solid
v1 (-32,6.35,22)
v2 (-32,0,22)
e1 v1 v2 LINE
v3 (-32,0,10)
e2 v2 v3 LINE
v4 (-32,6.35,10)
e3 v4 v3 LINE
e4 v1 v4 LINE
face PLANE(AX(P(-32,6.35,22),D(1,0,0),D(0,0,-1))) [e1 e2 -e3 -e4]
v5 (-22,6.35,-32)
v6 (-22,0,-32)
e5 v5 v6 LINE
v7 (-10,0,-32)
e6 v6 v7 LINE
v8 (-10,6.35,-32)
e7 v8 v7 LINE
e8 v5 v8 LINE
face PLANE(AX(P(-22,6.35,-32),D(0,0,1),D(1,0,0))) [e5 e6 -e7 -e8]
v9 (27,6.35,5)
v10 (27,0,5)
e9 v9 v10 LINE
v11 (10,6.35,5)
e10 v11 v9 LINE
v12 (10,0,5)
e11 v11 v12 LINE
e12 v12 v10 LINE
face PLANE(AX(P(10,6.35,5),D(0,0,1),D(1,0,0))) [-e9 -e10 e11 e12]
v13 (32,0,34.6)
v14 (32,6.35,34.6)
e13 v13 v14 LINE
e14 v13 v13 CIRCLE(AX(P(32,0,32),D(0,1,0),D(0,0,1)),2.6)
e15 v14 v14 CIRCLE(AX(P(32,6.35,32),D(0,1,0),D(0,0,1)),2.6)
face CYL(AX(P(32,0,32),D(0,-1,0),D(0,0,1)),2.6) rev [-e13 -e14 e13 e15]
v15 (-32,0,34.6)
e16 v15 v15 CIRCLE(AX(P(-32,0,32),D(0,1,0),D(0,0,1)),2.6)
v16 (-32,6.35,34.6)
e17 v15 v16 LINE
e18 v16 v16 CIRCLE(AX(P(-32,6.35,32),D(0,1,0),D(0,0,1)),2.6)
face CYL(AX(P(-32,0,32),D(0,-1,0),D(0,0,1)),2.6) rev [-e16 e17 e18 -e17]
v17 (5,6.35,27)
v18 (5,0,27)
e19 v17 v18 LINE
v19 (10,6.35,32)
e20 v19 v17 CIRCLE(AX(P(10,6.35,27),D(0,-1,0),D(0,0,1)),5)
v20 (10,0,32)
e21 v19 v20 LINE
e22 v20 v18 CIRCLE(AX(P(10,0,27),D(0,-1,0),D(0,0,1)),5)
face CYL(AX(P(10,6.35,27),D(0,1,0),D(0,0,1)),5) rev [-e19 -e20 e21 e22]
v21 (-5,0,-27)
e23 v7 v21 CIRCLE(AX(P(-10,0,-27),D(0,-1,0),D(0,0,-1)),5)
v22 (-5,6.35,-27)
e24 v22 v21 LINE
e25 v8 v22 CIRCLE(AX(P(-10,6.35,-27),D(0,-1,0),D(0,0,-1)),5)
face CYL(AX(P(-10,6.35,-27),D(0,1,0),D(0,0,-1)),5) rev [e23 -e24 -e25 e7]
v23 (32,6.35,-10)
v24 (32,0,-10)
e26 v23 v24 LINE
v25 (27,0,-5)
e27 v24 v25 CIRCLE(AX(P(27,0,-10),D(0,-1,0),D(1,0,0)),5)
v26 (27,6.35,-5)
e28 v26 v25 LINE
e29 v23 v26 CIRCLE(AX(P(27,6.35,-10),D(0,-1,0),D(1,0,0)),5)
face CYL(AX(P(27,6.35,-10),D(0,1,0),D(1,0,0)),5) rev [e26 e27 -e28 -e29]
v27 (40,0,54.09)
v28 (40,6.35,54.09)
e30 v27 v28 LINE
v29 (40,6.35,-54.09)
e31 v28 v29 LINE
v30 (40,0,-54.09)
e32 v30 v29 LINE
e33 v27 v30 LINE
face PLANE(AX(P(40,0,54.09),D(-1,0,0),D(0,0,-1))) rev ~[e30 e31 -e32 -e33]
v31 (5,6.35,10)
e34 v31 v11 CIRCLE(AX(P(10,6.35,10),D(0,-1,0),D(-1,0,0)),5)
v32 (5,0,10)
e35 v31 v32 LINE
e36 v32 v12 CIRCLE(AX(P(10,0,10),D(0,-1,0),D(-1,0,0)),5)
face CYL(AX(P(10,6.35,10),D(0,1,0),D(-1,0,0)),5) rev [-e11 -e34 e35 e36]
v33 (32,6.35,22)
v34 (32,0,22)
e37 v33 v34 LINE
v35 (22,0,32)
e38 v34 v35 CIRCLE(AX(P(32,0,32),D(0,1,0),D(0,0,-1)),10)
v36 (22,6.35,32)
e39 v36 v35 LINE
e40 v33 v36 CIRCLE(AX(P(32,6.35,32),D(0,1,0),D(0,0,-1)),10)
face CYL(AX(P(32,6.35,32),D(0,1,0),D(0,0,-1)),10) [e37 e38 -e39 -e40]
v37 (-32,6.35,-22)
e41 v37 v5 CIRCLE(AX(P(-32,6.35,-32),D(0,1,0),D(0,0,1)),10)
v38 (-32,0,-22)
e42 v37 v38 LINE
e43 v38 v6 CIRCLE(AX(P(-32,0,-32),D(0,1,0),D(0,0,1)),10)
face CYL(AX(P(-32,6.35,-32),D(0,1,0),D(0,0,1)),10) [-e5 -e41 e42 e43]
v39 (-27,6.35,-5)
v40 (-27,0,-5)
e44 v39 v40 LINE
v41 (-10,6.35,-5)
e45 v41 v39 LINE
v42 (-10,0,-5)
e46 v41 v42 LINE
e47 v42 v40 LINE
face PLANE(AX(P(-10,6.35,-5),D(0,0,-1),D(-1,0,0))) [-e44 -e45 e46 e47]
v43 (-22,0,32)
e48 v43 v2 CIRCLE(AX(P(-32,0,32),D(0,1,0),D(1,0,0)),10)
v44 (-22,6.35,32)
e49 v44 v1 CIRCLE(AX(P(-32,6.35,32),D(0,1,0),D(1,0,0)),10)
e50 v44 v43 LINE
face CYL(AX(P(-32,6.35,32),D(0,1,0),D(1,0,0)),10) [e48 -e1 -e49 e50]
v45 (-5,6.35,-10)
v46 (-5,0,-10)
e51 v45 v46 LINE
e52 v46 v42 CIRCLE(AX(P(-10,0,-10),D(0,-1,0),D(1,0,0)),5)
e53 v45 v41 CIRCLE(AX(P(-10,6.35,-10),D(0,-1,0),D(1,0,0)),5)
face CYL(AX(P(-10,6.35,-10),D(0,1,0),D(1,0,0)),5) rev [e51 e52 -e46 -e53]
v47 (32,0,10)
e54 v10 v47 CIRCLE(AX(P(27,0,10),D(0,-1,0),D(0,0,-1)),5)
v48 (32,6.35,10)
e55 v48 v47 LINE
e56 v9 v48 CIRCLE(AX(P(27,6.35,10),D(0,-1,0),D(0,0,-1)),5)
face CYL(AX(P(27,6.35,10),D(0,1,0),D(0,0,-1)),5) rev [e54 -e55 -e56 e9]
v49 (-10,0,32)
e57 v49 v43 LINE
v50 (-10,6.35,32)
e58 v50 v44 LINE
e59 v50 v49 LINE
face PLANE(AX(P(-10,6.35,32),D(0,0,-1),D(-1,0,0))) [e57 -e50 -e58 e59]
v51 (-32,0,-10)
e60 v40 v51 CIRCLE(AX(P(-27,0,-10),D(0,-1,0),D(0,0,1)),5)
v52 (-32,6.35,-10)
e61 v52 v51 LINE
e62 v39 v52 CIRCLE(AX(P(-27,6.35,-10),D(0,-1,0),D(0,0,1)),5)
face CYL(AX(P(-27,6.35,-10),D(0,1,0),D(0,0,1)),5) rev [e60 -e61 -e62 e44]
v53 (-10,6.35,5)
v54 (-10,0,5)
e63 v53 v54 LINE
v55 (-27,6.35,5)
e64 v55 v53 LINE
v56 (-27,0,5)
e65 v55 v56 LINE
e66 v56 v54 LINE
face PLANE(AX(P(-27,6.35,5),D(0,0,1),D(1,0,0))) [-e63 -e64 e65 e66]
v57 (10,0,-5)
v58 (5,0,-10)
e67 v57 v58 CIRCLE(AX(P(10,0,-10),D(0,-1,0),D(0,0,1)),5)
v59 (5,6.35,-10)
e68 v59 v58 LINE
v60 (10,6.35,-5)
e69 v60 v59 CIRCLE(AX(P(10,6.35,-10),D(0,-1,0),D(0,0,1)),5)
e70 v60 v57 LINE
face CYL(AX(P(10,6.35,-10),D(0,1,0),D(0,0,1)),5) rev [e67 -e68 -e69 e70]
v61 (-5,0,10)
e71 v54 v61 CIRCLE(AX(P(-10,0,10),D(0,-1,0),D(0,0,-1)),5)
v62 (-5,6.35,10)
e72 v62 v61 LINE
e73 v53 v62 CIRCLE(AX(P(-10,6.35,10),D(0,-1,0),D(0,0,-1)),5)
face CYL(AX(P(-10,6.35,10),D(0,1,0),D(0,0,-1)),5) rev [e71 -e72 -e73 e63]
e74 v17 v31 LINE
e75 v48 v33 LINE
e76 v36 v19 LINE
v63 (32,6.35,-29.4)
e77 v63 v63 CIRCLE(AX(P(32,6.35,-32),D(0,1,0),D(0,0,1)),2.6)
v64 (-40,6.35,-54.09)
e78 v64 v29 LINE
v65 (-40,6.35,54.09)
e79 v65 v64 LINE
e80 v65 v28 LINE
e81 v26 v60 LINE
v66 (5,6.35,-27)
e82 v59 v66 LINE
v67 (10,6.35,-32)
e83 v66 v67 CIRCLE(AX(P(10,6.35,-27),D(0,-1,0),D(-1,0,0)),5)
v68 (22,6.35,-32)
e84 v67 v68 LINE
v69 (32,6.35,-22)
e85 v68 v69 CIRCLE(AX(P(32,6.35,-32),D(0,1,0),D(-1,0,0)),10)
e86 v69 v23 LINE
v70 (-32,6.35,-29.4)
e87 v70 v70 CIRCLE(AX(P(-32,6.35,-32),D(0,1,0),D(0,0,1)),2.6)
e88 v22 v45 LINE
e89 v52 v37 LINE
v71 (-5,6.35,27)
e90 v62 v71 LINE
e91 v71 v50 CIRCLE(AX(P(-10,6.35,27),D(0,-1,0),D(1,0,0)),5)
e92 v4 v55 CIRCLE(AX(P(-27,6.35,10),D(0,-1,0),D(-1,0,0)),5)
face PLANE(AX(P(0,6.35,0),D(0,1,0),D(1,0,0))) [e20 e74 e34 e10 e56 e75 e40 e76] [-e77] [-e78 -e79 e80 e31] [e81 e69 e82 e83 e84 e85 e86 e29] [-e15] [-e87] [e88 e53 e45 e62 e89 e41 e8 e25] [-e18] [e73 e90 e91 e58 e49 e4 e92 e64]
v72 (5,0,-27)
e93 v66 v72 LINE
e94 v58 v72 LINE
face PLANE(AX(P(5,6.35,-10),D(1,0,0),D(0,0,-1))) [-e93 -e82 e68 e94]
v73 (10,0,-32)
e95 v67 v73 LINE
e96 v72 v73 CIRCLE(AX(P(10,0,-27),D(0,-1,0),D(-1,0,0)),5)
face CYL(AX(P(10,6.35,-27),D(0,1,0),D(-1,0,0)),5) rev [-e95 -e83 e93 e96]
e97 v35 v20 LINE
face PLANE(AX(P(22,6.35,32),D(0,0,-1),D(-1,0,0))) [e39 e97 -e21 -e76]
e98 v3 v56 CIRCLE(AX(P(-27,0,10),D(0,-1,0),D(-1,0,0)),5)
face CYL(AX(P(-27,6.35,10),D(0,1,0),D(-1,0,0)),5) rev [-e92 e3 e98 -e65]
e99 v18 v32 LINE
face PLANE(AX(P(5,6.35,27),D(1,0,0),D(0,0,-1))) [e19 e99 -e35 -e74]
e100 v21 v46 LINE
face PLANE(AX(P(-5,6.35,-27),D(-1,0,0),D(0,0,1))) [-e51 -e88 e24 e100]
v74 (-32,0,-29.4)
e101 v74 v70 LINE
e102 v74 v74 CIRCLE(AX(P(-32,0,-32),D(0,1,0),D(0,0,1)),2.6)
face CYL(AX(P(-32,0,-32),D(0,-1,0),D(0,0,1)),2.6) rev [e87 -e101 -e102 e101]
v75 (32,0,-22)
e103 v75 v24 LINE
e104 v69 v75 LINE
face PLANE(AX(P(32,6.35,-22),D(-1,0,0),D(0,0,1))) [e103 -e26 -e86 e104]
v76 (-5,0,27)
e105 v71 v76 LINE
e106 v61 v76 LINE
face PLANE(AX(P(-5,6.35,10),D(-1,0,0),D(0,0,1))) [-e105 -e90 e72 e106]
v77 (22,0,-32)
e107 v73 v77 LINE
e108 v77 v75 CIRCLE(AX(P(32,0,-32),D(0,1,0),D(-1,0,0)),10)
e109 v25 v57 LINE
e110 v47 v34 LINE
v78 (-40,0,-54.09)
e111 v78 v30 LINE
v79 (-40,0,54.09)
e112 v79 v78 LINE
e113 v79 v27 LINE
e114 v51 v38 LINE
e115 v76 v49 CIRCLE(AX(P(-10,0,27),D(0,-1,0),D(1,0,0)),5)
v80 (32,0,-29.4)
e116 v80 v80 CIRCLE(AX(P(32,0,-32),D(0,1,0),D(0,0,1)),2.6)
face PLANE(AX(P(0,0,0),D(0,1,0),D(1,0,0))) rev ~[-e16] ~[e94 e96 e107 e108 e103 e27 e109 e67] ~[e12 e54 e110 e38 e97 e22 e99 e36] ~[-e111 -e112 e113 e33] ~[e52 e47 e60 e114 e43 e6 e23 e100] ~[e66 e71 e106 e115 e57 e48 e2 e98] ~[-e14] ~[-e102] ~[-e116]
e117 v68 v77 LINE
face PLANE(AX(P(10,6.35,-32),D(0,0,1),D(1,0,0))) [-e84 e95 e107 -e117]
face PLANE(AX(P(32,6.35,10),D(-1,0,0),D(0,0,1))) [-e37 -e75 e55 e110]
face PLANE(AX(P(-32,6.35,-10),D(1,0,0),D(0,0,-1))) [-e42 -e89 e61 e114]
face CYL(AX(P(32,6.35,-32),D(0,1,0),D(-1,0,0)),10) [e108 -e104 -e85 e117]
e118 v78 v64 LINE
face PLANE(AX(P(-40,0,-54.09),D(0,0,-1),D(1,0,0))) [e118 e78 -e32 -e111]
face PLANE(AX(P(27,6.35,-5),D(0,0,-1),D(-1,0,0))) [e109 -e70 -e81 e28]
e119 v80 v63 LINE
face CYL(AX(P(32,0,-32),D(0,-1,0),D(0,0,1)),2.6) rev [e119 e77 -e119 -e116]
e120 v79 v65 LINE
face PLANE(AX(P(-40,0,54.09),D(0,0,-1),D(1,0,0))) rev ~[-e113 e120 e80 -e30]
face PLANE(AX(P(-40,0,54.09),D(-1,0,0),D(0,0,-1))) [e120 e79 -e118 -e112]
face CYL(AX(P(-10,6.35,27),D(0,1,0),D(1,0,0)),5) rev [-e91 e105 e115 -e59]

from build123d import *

# Parameters (mm, degrees)
SKETCH1_W           = 80
SKETCH1_H           = 108.18
SKETCH1_R           = 2.6
BOSS_EXTRUDE1_DEPTH = 6.35
CUT_EXTRUDE1_DEPTH  = 6.35


with BuildPart() as part:
    # Sketch1 → Boss-Extrude1 (new body)
    with BuildSketch(Plane(origin=(0, 0, 0), x_dir=(1, 0, 0), z_dir=(0, 1, 0))):
        Rectangle(SKETCH1_W, SKETCH1_H)
        with Locations(Location((-32, 32, 0), (0, 0, 270))):
            Circle(SKETCH1_R, mode=Mode.SUBTRACT)
        with Locations(Location((32, 32, 0), (0, 0, 270))):
            Circle(SKETCH1_R, mode=Mode.SUBTRACT)
        with Locations(Location((32, -32, 0), (0, 0, 270))):
            Circle(SKETCH1_R, mode=Mode.SUBTRACT)
        with Locations(Location((-32, -32, 0), (0, 0, 270))):
            Circle(SKETCH1_R, mode=Mode.SUBTRACT)
    extrude(amount=BOSS_EXTRUDE1_DEPTH)

    # Sketch2 → Cut-Extrude1 (cut)
    with BuildSketch(Plane(origin=(0, 6.35, 0), x_dir=(1, 0, 0), z_dir=(0, 1, 0))):
        with BuildLine():
            Line((-27, -5), (-10, -5))
            ThreePointArc((-10, -5), (-6.464466094, -6.464466094), (-5, -10))
            Line((-5, -10), (-5, -27))
            ThreePointArc((-5, -27), (-6.464466094, -30.535533906), (-10, -32))
            Line((-10, -32), (-22, -32))
            ThreePointArc((-22, -32), (-24.928932188, -24.928932188), (-32, -22))
            Line((-32, -22), (-32, -10))
            ThreePointArc((-32, -10), (-30.535533906, -6.464466094), (-27, -5))
        make_face()
        with BuildLine():
            Line((-22, 32), (-10, 32))
            ThreePointArc((-10, 32), (-6.464466094, 30.535533906), (-5, 27))
            Line((-5, 27), (-5, 10))
            ThreePointArc((-5, 10), (-6.464466094, 6.464466094), (-10, 5))
            Line((-10, 5), (-27, 5))
            ThreePointArc((-27, 5), (-30.535533906, 6.464466094), (-32, 10))
            Line((-32, 10), (-32, 22))
            ThreePointArc((-32, 22), (-24.928932188, 24.928932188), (-22, 32))
        make_face()
        with BuildLine():
            Line((32, 22), (32, 10))
            ThreePointArc((32, 10), (30.535533906, 6.464466094), (27, 5))
            Line((27, 5), (10, 5))
            ThreePointArc((10, 5), (6.464466094, 6.464466094), (5, 10))
            Line((5, 10), (5, 27))
            ThreePointArc((5, 27), (6.464466094, 30.535533906), (10, 32))
            Line((10, 32), (22, 32))
            ThreePointArc((22, 32), (24.928932188, 24.928932188), (32, 22))
        make_face()
        with BuildLine():
            Line((22, -32), (10, -32))
            ThreePointArc((10, -32), (6.464466094, -30.535533906), (5, -27))
            Line((5, -27), (5, -10))
            ThreePointArc((5, -10), (6.464466094, -6.464466094), (10, -5))
            Line((10, -5), (27, -5))
            ThreePointArc((27, -5), (30.535533906, -6.464466094), (32, -10))
            Line((32, -10), (32, -22))
            ThreePointArc((32, -22), (24.928932188, -24.928932188), (22, -32))
        make_face()
    extrude(amount=-CUT_EXTRUDE1_DEPTH, mode=Mode.SUBTRACT)


solid = part.part
